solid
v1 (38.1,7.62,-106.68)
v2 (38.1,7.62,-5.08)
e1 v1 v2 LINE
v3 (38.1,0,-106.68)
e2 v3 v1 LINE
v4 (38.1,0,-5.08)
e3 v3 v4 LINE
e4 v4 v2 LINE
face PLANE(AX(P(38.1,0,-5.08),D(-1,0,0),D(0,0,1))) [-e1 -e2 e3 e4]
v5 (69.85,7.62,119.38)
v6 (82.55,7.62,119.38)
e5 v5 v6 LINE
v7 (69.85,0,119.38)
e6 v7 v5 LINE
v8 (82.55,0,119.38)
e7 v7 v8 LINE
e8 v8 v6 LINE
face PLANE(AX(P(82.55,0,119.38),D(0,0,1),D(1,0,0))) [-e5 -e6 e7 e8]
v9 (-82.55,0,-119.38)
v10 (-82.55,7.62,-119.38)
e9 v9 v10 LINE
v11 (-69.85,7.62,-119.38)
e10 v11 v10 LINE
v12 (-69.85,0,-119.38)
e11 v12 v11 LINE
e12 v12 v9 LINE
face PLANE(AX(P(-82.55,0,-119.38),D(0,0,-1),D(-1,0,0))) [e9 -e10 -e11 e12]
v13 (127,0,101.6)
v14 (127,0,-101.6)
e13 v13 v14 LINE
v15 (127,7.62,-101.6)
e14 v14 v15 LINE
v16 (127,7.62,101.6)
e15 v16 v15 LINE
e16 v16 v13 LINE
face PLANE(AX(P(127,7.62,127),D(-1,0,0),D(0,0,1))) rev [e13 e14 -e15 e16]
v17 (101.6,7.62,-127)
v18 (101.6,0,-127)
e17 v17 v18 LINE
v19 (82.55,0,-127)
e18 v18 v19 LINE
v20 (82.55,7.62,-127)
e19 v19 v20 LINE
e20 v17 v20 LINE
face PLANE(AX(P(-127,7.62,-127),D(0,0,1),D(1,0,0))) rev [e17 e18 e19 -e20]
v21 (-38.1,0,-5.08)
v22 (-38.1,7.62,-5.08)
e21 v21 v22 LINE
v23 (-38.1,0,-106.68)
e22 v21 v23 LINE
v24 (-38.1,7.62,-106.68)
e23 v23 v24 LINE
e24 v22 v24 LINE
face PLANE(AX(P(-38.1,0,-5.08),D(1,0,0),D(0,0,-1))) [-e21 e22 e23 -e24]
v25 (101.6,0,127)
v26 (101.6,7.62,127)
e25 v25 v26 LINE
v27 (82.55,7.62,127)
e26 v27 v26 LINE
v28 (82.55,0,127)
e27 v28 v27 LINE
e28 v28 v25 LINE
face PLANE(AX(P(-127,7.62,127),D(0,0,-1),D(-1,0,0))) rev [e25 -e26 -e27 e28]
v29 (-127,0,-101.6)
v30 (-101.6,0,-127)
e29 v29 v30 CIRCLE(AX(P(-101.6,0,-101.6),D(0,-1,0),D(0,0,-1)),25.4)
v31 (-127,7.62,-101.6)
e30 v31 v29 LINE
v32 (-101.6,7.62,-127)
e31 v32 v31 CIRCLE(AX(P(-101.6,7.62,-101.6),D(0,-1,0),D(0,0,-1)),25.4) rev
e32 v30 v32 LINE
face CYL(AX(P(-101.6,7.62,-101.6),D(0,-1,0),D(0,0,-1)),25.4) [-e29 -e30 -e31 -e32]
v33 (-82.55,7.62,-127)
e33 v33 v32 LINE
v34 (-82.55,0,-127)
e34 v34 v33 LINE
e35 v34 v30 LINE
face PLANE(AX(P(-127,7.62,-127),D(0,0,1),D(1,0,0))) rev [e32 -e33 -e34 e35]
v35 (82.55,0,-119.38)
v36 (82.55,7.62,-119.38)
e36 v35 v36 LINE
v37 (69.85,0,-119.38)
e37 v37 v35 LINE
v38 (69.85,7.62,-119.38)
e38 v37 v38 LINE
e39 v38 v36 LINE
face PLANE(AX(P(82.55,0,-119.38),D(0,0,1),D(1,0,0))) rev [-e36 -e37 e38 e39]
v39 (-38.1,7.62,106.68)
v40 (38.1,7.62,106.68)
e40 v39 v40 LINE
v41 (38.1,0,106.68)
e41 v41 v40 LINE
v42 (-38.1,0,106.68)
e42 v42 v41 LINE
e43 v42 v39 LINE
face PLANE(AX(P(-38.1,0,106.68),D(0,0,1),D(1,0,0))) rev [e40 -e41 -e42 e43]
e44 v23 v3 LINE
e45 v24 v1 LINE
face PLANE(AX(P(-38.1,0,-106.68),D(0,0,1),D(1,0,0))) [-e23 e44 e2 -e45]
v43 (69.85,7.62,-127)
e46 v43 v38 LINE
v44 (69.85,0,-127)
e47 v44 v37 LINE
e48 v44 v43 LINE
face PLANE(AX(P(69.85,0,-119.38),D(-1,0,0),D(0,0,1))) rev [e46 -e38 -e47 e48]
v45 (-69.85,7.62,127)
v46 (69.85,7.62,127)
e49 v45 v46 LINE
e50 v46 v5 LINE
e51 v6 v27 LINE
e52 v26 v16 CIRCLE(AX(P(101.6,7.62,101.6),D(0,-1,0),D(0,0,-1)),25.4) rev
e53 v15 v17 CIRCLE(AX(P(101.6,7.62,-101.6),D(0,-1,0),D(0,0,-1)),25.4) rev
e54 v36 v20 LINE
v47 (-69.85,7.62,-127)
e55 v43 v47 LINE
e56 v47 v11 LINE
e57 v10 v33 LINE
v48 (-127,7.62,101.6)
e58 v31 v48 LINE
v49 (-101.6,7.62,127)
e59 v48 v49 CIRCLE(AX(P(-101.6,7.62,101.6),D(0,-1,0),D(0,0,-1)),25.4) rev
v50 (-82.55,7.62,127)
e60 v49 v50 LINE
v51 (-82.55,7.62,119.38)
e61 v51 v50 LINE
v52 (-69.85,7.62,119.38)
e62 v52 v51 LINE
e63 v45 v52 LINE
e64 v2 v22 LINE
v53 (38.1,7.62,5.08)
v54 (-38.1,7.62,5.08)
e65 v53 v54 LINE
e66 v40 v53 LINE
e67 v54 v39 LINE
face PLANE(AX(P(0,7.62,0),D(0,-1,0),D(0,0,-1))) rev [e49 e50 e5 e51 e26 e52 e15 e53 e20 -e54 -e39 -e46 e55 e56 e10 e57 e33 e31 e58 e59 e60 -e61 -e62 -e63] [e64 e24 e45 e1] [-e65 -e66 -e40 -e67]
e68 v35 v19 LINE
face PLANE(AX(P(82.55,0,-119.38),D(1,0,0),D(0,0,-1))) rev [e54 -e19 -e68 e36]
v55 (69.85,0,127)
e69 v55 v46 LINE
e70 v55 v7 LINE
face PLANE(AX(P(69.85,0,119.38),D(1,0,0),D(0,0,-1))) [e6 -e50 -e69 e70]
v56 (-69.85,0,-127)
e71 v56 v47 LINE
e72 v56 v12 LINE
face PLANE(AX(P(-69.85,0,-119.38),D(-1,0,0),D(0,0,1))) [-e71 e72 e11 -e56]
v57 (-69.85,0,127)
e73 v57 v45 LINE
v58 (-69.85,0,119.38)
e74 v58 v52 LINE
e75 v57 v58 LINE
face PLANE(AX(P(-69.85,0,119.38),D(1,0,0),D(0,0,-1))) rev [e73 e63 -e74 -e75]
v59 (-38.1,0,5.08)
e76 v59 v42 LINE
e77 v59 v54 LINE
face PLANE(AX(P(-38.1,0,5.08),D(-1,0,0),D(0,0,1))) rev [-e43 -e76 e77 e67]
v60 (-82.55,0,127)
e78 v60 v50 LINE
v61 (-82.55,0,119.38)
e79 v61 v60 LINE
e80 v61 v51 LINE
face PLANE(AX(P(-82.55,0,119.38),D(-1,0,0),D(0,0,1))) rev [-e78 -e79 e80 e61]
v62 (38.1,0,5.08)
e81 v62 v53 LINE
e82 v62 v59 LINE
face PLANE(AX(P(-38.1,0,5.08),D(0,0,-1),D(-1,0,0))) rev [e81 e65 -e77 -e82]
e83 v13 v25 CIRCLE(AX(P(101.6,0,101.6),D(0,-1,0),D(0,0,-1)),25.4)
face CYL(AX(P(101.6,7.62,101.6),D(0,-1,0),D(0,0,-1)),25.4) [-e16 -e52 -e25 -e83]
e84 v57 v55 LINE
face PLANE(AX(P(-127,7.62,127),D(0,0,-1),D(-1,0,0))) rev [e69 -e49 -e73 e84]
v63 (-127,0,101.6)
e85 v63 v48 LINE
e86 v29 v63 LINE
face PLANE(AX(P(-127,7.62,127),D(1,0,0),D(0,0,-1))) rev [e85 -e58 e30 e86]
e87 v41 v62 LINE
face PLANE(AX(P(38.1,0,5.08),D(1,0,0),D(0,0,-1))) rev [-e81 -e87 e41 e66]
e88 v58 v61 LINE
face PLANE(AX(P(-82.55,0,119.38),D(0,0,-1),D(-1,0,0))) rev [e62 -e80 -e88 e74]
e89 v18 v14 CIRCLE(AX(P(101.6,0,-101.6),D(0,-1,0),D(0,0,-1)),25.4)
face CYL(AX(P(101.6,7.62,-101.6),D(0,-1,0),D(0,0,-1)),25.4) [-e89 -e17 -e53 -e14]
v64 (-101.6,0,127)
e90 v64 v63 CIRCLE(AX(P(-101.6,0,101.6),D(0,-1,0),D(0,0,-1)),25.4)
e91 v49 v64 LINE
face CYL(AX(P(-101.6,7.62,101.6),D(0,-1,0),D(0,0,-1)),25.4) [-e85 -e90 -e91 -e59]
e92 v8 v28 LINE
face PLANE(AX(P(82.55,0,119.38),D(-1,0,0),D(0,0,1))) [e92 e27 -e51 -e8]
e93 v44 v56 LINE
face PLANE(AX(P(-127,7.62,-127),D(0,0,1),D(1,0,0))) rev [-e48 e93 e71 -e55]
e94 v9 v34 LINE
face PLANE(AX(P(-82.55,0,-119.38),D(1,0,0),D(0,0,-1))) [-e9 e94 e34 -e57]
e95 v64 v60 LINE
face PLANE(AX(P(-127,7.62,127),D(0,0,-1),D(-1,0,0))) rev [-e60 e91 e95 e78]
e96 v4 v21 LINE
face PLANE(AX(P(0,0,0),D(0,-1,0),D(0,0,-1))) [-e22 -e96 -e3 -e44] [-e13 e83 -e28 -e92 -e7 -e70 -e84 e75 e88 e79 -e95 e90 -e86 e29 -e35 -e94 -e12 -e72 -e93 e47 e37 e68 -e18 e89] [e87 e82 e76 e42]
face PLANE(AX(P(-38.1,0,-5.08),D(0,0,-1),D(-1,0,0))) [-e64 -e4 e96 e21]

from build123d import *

# Parameters (mm, degrees)
SKETCH1_W               = 254
SKETCH1_H               = 254
PLATFORM_BASE_DEPTH     = 7.62
SKETCH7_W               = 76.2
SKETCH7_H               = 101.6
CUT_EXTRUDE4_DEPTH      = 180.766694357
CORNER_ROUNDING_R       = 25.4
SKETCH6_W               = 12.7
SKETCH6_H               = 7.62
CUT_EXTRUDE3_DEPTH      = 180.766694357
MIRROR6_COPY_1_SKETCH_W = 12.7
MIRROR6_COPY_1_SKETCH_H = 7.62
MIRROR6_COPY_1_DEPTH    = 180.766694357
MIRROR6_COPY_2_SKETCH_W = 12.7
MIRROR6_COPY_2_SKETCH_H = 7.62
MIRROR6_COPY_2_DEPTH    = 180.766694357


with BuildPart() as part:
    # Sketch1 → Platform-Base (new body)
    with BuildSketch(Plane(origin=(0, 0, 0), x_dir=(1, 0, 0), z_dir=(0, 1, 0))):
        Rectangle(SKETCH1_W, SKETCH1_H)
    extrude(amount=PLATFORM_BASE_DEPTH)

    # Sketch7 → Cut-Extrude4 (cut, through all)
    with BuildSketch(Plane(origin=(0, 7.62, 0), x_dir=(1, 0, 0), z_dir=(0, 1, 0))):
        with Locations((0, -55.88)):
            Rectangle(SKETCH7_W, SKETCH7_H)
    cut_extrude4 = extrude(amount=-CUT_EXTRUDE4_DEPTH, mode=Mode.SUBTRACT)

    # Corner-Rounding
    corner_rounding_edges = [part.edges().sort_by_distance(p)[0] for p in [
        (-127, 3.81, -127),
        (127, 3.81, -127),
        (127, 3.81, 127),
        (-127, 3.81, 127),
    ]]
    fillet(corner_rounding_edges, radius=CORNER_ROUNDING_R)

    # Sketch6 → Cut-Extrude3 (cut, through all)
    with BuildSketch(Plane(origin=(0, 7.62, 0), x_dir=(1, 0, 0), z_dir=(0, 1, 0))):
        with Locations((-76.2, -123.19)):
            Rectangle(SKETCH6_W, SKETCH6_H)
    cut_extrude3 = extrude(amount=-CUT_EXTRUDE3_DEPTH, mode=Mode.SUBTRACT)

    # Mirror4: Cut-Extrude3 across plane
    add(cut_extrude3.mirror(Plane.XY), mode=Mode.SUBTRACT)

    # Mirror5: Cut-Extrude4 across plane
    add(cut_extrude4.mirror(Plane.XY), mode=Mode.SUBTRACT)

    # Mirror6 copy 1 sketch → Mirror6 copy 1 (cut, through all)
    with BuildSketch(Plane(origin=(0, 7.62, 0), x_dir=(-1, 0, 0), z_dir=(0, 1, 0))):
        with Locations((-76.2, -123.19)):
            Rectangle(MIRROR6_COPY_1_SKETCH_W, MIRROR6_COPY_1_SKETCH_H)
    extrude(amount=-MIRROR6_COPY_1_DEPTH, mode=Mode.SUBTRACT)

    # Mirror6 copy 2 sketch → Mirror6 copy 2 (cut, through all)
    with BuildSketch(Plane(origin=(0, 7.62, 0), x_dir=(-1, 0, 0), z_dir=(0, 1, 0))):
        with Locations((-76.2, 123.19)):
            Rectangle(MIRROR6_COPY_2_SKETCH_W, MIRROR6_COPY_2_SKETCH_H)
    extrude(amount=-MIRROR6_COPY_2_DEPTH, mode=Mode.SUBTRACT)


solid = part.part
